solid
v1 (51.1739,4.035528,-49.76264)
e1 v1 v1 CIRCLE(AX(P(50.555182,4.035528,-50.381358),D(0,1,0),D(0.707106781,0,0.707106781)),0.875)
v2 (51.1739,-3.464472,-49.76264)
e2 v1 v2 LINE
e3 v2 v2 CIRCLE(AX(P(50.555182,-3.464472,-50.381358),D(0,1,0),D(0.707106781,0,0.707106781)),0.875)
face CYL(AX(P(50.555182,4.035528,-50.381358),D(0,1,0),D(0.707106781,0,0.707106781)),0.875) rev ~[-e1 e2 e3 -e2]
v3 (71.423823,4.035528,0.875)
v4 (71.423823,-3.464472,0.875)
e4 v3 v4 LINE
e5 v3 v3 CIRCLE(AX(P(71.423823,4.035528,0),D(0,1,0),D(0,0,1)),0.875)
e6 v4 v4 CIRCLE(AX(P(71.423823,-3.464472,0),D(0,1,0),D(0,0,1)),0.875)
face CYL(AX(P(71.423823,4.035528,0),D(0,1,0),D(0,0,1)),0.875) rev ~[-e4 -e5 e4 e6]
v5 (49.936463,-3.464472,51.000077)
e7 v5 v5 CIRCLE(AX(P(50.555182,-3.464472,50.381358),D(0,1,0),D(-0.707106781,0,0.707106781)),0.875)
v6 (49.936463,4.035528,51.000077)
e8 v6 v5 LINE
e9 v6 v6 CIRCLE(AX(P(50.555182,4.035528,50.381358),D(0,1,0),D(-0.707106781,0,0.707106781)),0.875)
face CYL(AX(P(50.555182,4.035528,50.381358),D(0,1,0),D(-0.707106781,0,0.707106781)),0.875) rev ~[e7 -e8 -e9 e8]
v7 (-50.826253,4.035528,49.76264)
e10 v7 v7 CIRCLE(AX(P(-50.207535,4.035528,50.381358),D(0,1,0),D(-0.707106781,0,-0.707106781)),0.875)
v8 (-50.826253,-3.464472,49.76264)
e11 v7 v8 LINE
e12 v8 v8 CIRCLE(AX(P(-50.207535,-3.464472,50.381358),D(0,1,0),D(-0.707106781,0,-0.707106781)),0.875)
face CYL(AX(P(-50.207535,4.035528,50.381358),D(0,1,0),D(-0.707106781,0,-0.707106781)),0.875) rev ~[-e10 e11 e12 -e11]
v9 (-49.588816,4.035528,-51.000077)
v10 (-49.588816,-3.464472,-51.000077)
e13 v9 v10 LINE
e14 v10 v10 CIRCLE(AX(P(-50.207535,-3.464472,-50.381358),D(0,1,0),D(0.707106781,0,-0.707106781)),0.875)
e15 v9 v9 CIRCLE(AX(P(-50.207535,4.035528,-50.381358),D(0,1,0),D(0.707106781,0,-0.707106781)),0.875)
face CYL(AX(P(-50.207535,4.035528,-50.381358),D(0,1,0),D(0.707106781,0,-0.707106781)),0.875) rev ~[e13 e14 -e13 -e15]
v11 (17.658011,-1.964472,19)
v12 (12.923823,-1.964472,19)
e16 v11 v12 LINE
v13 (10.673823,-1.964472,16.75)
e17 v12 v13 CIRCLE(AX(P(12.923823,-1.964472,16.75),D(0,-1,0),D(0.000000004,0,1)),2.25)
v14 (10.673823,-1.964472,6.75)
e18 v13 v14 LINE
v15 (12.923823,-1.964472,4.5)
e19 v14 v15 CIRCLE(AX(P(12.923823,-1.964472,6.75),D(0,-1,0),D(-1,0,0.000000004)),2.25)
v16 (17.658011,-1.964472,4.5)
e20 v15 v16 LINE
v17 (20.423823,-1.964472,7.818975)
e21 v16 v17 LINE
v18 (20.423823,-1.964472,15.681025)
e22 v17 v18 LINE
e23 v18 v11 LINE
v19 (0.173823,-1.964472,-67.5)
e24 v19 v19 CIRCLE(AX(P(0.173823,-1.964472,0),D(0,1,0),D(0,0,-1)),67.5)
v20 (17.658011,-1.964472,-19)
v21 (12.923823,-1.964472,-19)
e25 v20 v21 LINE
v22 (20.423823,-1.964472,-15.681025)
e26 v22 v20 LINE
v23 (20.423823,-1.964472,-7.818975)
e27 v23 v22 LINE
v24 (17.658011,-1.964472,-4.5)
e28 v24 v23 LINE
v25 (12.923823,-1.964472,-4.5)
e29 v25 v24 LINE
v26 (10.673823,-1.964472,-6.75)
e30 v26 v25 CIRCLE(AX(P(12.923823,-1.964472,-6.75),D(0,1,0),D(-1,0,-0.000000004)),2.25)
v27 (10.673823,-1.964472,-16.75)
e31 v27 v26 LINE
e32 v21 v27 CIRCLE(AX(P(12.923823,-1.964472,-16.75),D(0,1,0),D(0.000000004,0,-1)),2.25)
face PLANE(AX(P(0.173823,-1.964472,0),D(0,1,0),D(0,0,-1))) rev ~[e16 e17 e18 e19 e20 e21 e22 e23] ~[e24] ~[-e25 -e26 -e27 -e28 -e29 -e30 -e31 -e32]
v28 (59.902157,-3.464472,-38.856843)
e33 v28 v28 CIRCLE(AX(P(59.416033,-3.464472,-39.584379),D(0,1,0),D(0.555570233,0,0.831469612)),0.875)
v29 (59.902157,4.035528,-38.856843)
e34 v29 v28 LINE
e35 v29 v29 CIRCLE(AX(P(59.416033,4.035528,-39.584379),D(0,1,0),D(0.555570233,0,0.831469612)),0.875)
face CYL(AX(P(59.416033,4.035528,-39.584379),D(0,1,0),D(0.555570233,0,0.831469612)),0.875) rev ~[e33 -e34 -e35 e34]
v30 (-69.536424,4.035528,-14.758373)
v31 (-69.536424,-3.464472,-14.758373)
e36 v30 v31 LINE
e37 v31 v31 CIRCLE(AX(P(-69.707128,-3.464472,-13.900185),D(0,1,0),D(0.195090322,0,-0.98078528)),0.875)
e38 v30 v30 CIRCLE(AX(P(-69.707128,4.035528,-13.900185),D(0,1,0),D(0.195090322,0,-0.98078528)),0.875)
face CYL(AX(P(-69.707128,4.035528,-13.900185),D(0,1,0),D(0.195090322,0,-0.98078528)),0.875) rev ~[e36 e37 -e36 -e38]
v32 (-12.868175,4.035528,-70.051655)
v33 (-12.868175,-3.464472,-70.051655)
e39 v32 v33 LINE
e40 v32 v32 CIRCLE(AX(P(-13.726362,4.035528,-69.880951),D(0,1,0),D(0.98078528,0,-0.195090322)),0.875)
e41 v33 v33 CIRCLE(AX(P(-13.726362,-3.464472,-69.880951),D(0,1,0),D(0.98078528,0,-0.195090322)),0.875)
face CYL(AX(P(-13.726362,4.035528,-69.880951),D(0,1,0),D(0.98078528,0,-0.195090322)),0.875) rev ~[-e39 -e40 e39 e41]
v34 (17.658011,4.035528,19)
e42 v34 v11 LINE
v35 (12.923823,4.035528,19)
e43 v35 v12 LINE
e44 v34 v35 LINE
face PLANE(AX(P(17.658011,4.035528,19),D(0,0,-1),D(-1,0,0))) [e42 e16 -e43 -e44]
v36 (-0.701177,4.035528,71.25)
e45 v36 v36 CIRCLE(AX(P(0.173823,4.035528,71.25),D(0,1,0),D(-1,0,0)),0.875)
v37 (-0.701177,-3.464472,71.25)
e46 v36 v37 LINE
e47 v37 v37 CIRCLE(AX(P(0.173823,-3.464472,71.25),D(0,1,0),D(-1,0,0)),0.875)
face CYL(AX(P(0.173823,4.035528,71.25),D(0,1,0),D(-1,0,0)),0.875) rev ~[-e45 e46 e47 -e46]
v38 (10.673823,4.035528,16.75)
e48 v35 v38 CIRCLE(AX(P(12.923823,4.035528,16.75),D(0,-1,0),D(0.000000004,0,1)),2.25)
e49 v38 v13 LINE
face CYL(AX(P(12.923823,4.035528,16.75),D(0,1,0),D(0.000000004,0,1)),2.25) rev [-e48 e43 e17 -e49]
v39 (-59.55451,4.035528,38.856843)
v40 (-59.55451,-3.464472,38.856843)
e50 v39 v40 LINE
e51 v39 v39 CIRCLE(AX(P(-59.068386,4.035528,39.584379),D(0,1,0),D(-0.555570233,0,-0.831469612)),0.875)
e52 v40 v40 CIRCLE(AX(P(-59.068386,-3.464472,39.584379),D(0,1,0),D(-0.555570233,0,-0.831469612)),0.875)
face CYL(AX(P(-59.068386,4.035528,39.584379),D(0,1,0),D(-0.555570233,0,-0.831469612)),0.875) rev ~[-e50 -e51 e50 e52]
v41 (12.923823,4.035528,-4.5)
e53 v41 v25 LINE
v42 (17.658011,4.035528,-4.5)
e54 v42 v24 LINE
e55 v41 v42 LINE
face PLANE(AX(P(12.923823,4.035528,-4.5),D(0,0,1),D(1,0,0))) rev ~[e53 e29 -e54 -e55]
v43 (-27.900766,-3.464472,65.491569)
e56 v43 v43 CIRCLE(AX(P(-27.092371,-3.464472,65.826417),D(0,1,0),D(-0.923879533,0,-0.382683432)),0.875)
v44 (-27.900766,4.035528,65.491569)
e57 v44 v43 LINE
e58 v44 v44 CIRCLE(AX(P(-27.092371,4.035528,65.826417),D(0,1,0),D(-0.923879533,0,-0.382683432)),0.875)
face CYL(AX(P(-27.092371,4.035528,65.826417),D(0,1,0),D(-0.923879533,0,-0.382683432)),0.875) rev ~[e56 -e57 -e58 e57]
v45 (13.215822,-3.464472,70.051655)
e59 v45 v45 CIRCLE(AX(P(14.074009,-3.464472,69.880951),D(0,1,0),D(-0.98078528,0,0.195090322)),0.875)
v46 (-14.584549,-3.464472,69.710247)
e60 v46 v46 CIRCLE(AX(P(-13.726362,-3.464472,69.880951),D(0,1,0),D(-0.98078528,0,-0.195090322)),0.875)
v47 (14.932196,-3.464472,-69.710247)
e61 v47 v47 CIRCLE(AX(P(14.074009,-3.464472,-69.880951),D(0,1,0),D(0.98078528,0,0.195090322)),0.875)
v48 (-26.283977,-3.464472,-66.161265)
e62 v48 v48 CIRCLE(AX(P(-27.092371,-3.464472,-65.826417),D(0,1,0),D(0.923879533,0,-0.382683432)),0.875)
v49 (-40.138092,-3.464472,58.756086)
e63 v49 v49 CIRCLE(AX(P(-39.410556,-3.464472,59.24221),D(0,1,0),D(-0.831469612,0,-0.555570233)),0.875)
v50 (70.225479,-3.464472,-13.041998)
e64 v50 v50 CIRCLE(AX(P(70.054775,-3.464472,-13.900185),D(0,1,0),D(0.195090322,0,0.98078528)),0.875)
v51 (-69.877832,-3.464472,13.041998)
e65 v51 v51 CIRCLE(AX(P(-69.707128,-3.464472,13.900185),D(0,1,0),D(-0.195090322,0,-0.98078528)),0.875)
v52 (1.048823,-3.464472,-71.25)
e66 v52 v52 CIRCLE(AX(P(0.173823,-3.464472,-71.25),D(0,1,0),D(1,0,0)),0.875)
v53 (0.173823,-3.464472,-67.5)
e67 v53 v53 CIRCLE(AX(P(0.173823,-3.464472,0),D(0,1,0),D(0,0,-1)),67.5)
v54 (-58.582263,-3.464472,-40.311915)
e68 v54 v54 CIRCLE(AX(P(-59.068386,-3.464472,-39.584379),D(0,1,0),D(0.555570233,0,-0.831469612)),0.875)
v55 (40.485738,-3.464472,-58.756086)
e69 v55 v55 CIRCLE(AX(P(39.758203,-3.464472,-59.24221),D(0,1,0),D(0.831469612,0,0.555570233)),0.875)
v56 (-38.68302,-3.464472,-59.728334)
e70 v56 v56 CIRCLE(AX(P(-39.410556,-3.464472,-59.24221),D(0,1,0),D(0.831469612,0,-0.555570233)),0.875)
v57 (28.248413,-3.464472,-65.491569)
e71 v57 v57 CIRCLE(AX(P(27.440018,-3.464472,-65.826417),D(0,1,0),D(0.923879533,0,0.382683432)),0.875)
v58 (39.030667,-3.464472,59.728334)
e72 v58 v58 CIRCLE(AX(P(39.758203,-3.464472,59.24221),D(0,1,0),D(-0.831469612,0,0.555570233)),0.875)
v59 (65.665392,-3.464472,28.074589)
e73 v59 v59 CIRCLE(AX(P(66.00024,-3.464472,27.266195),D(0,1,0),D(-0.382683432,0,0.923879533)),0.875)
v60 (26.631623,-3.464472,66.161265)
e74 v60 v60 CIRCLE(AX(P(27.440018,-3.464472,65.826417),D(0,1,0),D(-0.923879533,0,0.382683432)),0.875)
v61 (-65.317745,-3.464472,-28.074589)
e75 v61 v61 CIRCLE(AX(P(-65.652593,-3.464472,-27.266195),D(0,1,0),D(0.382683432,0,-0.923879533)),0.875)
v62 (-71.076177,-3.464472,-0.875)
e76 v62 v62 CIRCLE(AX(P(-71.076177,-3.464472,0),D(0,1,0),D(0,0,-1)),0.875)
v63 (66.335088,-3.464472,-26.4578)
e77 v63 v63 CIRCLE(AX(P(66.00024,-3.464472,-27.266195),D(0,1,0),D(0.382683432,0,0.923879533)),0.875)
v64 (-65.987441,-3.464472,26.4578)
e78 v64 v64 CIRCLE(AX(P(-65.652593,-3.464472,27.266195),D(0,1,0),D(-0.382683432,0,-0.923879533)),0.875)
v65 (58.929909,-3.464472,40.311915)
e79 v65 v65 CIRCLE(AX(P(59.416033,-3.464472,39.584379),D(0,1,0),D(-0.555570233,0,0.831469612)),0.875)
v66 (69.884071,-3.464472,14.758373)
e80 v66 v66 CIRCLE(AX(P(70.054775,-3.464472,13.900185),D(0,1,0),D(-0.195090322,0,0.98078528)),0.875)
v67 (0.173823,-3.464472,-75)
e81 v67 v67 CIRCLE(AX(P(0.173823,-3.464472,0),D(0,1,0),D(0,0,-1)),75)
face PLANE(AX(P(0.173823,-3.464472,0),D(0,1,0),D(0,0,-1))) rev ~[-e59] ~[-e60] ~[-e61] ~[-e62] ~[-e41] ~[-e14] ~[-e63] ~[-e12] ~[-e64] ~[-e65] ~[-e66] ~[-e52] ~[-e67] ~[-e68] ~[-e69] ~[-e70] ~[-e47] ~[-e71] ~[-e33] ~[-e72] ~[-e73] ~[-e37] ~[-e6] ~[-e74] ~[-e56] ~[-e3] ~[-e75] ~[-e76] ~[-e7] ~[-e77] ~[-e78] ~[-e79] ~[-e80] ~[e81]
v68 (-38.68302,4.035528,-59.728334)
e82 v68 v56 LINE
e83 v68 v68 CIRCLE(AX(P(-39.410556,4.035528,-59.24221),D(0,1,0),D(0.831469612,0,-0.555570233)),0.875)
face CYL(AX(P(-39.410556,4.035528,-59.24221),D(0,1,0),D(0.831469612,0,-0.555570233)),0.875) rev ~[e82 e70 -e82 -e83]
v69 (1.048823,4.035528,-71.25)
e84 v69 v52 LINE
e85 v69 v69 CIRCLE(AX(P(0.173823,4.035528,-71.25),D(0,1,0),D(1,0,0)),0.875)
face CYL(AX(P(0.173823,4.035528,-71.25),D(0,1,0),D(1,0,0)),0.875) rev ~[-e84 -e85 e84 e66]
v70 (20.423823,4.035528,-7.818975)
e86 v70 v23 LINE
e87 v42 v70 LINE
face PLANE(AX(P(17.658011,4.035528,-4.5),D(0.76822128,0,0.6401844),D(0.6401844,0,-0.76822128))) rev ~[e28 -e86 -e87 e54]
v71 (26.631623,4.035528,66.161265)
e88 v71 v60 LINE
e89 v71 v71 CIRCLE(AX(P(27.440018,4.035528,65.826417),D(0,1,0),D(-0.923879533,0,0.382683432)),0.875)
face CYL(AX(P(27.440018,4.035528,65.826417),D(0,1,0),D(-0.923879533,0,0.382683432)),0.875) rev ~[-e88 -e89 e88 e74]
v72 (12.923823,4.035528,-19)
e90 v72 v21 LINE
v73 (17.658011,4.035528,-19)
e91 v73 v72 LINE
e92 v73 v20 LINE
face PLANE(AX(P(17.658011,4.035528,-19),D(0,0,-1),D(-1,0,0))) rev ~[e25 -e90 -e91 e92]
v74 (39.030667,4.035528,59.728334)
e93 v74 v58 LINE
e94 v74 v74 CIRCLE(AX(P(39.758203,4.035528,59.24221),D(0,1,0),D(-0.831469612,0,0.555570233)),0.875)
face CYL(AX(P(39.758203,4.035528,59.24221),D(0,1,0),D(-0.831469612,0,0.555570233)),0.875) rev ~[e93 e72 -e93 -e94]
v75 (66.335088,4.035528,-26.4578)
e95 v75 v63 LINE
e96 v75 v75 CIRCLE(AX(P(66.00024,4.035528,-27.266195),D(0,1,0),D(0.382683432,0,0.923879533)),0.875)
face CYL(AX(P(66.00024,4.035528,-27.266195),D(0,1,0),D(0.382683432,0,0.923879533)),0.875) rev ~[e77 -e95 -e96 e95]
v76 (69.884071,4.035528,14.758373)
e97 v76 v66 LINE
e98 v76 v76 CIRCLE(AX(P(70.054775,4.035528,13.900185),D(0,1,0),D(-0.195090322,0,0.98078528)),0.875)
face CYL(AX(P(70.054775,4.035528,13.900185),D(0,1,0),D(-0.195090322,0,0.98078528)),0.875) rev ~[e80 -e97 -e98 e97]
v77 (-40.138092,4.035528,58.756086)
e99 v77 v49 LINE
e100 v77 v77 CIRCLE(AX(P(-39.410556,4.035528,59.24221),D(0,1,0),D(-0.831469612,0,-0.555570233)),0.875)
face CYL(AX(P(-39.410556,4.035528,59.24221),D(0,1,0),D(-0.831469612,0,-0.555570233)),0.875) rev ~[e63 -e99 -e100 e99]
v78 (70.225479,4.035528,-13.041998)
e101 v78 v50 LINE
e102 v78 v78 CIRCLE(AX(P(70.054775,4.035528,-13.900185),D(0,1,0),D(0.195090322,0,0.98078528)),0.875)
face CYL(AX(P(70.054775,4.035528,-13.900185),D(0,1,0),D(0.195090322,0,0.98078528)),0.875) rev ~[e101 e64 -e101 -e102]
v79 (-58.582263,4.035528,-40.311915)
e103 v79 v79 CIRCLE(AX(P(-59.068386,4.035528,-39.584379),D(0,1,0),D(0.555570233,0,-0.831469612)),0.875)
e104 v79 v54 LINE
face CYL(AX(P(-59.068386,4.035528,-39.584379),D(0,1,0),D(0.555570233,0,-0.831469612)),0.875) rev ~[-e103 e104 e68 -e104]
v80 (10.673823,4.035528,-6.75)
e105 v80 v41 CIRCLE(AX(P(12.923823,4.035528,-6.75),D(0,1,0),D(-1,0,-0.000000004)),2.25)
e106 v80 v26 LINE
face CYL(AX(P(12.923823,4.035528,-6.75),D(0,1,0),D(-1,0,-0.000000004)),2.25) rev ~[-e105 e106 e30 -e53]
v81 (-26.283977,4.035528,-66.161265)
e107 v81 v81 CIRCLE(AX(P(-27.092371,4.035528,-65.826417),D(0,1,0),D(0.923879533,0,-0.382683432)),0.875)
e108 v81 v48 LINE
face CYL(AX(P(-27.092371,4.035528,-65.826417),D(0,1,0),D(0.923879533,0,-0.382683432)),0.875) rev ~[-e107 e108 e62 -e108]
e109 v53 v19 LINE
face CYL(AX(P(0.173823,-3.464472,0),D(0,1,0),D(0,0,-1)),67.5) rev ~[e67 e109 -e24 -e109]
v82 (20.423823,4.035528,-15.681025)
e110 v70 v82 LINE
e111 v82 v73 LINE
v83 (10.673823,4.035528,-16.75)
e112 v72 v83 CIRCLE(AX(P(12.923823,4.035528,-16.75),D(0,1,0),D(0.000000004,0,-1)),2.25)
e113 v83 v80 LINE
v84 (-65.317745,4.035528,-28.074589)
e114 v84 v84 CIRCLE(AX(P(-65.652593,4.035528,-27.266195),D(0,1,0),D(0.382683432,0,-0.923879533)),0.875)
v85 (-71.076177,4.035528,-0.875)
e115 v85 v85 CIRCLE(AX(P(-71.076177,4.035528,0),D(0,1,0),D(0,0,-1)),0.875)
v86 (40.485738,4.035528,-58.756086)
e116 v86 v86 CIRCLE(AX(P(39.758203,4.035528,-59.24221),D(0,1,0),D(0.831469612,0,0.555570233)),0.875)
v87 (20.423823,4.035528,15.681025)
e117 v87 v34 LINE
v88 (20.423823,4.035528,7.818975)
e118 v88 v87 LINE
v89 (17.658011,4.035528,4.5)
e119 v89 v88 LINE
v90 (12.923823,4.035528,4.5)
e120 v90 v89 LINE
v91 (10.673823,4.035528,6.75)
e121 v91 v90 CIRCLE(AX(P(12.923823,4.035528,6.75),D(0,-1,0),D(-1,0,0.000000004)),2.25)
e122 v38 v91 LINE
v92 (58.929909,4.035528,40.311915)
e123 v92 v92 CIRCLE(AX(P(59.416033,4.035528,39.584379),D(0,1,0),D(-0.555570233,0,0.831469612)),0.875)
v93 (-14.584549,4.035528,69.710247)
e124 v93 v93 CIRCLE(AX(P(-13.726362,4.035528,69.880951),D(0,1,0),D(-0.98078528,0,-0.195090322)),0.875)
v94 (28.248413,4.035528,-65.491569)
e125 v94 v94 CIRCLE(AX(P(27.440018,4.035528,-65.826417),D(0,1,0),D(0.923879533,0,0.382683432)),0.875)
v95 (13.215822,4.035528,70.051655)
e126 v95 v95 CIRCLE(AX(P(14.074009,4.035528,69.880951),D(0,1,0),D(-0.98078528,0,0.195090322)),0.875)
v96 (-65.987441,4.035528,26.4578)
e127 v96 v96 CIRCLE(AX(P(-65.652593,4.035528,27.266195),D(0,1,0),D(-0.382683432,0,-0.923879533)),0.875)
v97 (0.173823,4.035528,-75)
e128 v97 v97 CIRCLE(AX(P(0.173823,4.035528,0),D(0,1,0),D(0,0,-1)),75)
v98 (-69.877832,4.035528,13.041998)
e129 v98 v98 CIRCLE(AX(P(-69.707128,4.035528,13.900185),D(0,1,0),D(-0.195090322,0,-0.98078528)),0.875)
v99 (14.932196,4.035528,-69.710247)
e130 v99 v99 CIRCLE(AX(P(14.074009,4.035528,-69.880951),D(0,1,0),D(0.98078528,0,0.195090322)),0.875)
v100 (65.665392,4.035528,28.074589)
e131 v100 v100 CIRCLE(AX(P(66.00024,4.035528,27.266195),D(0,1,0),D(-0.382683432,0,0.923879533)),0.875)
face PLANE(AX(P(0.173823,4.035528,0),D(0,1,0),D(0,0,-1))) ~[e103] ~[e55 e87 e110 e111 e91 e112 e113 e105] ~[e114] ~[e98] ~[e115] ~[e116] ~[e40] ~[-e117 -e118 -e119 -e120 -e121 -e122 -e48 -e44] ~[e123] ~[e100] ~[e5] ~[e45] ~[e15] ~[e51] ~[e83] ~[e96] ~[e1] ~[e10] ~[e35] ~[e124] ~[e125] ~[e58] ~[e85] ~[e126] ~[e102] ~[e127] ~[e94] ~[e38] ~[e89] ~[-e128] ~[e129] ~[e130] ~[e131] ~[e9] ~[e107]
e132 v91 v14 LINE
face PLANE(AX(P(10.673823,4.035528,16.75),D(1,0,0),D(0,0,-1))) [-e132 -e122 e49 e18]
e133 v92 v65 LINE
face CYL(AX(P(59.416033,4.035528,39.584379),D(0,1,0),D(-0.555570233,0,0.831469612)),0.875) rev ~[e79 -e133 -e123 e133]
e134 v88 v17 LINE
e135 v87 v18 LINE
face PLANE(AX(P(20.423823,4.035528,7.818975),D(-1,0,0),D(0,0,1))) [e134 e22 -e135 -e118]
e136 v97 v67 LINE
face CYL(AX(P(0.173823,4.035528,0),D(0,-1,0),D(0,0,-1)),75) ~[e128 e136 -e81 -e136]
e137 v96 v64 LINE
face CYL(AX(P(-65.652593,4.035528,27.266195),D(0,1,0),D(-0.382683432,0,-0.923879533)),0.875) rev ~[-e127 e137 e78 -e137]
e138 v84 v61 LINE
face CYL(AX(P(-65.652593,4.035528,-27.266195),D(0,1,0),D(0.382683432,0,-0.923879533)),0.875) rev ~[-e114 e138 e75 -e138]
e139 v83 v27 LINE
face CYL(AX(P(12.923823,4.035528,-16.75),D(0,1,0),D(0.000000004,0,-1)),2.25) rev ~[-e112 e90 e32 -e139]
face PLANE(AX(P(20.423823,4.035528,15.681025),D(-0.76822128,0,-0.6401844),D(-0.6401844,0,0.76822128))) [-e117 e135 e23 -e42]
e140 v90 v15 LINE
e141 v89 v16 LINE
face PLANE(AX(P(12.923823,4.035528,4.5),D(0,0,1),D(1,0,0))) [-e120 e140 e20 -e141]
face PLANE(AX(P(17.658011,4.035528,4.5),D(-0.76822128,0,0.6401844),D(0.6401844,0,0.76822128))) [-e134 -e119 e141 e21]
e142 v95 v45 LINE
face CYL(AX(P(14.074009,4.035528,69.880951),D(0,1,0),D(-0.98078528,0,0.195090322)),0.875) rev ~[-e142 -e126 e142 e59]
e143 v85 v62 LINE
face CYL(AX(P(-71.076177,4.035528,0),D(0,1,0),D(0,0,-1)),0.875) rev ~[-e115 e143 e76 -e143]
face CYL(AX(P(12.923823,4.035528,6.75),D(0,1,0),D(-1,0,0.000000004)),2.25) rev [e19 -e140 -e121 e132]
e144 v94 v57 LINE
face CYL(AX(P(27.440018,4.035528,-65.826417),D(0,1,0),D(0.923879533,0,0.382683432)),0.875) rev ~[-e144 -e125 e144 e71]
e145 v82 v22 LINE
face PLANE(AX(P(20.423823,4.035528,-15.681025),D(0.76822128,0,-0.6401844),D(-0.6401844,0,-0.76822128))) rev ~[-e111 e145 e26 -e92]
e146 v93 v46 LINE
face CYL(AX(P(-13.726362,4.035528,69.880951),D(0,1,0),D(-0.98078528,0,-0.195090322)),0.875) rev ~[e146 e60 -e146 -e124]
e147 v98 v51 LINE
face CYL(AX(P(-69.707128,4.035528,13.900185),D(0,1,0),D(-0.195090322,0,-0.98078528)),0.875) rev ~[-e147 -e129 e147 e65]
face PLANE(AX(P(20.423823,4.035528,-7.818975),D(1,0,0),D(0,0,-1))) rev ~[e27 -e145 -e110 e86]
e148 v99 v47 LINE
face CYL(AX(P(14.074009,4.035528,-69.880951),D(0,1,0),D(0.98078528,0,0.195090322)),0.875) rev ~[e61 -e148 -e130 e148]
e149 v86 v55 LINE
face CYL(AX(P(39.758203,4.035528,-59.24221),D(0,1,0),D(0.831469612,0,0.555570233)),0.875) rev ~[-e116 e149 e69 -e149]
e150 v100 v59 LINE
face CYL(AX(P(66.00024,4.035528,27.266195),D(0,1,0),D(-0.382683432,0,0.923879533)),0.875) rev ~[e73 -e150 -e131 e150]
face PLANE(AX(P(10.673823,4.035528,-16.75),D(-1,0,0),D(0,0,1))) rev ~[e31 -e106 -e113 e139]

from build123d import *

# Parameters (mm, degrees)
CUT_EXTRUDE2_DEPTH = 1.2
SKETCH4_R          = 0.175
CUT_EXTRUDE3_DEPTH = 1.5
CIRPATTERN1_COUNT  = 32
SCALE1_SCALE       = 5


with BuildPart() as part:
    # Sketch2 → Revolve1 (revolve)
    with BuildSketch(Plane.XY, mode=Mode.PRIVATE) as revolve1_sk:
        Polygon((13.5, 0), (13.5, 0.3), (0, 0.3), (0, 1.5), (15, 1.5), (15, 0), align=None)
    revolve(revolve1_sk.sketch.rotate(Axis((0, 0, 0), (0, 1, 0)), 90), axis=Axis((0, 0, 0), (0, 1, 0)))

    # Sketch3 → Cut-Extrude2 (cut)
    with BuildSketch(Plane(origin=(0, 1.5, 0), x_dir=(1, 0, 0), z_dir=(0, 1, 0))):
        with BuildLine():
            Line((2.1, -3.35), (2.1, -1.35))
            ThreePointArc((2.1, -1.35), (2.231801948, -1.031801948), (2.55, -0.9))
            Line((2.55, -0.9), (3.496837495, -0.9))
            Line((3.496837495, -0.9), (4.05, -1.563795006))
            Line((4.05, -1.563795006), (4.05, -3.136204994))
            Line((4.05, -3.136204994), (3.496837495, -3.8))
            Line((3.496837495, -3.8), (2.55, -3.8))
            ThreePointArc((2.55, -3.8), (2.231801948, -3.668198052), (2.1, -3.35))
        make_face()
        with BuildLine():
            Line((3.496837495, 3.8), (2.55, 3.8))
            ThreePointArc((2.55, 3.8), (2.231801948, 3.668198052), (2.1, 3.35))
            Line((2.1, 3.35), (2.1, 1.35))
            ThreePointArc((2.1, 1.35), (2.231801948, 1.031801948), (2.55, 0.9))
            Line((2.55, 0.9), (3.496837495, 0.9))
            Line((3.496837495, 0.9), (4.05, 1.563795006))
            Line((4.05, 1.563795006), (4.05, 3.136204994))
            Line((4.05, 3.136204994), (3.496837495, 3.8))
        make_face()
    extrude(amount=-CUT_EXTRUDE2_DEPTH, mode=Mode.SUBTRACT)

    # Sketch4 → Cut-Extrude3 (cut)
    with BuildSketch(Plane(origin=(0, 1.5, 0), x_dir=(1, 0, 0), z_dir=(0, 1, 0))):
        with Locations(Location((14.25, 0, 0), (0, 0, 270))):
            Circle(SKETCH4_R)
    cut_extrude3 = extrude(amount=-CUT_EXTRUDE3_DEPTH, mode=Mode.SUBTRACT)

    # CirPattern1: Cut-Extrude3 ×32 about axis
    cirpattern1_axis = Axis((0, 0, 0), (0, 1, 0))
    for i in range(1, CIRPATTERN1_COUNT):
        add(cut_extrude3.rotate(cirpattern1_axis, i * 360 / CIRPATTERN1_COUNT), mode=Mode.SUBTRACT)


with BuildPart() as part_1:
    # Scale1: scaled about (-0.043455852, 0.866118001, 0)
    add(part.part.scale(SCALE1_SCALE).moved(Location((0.173823408, -3.464472004, 0))))


solid = part_1.part
